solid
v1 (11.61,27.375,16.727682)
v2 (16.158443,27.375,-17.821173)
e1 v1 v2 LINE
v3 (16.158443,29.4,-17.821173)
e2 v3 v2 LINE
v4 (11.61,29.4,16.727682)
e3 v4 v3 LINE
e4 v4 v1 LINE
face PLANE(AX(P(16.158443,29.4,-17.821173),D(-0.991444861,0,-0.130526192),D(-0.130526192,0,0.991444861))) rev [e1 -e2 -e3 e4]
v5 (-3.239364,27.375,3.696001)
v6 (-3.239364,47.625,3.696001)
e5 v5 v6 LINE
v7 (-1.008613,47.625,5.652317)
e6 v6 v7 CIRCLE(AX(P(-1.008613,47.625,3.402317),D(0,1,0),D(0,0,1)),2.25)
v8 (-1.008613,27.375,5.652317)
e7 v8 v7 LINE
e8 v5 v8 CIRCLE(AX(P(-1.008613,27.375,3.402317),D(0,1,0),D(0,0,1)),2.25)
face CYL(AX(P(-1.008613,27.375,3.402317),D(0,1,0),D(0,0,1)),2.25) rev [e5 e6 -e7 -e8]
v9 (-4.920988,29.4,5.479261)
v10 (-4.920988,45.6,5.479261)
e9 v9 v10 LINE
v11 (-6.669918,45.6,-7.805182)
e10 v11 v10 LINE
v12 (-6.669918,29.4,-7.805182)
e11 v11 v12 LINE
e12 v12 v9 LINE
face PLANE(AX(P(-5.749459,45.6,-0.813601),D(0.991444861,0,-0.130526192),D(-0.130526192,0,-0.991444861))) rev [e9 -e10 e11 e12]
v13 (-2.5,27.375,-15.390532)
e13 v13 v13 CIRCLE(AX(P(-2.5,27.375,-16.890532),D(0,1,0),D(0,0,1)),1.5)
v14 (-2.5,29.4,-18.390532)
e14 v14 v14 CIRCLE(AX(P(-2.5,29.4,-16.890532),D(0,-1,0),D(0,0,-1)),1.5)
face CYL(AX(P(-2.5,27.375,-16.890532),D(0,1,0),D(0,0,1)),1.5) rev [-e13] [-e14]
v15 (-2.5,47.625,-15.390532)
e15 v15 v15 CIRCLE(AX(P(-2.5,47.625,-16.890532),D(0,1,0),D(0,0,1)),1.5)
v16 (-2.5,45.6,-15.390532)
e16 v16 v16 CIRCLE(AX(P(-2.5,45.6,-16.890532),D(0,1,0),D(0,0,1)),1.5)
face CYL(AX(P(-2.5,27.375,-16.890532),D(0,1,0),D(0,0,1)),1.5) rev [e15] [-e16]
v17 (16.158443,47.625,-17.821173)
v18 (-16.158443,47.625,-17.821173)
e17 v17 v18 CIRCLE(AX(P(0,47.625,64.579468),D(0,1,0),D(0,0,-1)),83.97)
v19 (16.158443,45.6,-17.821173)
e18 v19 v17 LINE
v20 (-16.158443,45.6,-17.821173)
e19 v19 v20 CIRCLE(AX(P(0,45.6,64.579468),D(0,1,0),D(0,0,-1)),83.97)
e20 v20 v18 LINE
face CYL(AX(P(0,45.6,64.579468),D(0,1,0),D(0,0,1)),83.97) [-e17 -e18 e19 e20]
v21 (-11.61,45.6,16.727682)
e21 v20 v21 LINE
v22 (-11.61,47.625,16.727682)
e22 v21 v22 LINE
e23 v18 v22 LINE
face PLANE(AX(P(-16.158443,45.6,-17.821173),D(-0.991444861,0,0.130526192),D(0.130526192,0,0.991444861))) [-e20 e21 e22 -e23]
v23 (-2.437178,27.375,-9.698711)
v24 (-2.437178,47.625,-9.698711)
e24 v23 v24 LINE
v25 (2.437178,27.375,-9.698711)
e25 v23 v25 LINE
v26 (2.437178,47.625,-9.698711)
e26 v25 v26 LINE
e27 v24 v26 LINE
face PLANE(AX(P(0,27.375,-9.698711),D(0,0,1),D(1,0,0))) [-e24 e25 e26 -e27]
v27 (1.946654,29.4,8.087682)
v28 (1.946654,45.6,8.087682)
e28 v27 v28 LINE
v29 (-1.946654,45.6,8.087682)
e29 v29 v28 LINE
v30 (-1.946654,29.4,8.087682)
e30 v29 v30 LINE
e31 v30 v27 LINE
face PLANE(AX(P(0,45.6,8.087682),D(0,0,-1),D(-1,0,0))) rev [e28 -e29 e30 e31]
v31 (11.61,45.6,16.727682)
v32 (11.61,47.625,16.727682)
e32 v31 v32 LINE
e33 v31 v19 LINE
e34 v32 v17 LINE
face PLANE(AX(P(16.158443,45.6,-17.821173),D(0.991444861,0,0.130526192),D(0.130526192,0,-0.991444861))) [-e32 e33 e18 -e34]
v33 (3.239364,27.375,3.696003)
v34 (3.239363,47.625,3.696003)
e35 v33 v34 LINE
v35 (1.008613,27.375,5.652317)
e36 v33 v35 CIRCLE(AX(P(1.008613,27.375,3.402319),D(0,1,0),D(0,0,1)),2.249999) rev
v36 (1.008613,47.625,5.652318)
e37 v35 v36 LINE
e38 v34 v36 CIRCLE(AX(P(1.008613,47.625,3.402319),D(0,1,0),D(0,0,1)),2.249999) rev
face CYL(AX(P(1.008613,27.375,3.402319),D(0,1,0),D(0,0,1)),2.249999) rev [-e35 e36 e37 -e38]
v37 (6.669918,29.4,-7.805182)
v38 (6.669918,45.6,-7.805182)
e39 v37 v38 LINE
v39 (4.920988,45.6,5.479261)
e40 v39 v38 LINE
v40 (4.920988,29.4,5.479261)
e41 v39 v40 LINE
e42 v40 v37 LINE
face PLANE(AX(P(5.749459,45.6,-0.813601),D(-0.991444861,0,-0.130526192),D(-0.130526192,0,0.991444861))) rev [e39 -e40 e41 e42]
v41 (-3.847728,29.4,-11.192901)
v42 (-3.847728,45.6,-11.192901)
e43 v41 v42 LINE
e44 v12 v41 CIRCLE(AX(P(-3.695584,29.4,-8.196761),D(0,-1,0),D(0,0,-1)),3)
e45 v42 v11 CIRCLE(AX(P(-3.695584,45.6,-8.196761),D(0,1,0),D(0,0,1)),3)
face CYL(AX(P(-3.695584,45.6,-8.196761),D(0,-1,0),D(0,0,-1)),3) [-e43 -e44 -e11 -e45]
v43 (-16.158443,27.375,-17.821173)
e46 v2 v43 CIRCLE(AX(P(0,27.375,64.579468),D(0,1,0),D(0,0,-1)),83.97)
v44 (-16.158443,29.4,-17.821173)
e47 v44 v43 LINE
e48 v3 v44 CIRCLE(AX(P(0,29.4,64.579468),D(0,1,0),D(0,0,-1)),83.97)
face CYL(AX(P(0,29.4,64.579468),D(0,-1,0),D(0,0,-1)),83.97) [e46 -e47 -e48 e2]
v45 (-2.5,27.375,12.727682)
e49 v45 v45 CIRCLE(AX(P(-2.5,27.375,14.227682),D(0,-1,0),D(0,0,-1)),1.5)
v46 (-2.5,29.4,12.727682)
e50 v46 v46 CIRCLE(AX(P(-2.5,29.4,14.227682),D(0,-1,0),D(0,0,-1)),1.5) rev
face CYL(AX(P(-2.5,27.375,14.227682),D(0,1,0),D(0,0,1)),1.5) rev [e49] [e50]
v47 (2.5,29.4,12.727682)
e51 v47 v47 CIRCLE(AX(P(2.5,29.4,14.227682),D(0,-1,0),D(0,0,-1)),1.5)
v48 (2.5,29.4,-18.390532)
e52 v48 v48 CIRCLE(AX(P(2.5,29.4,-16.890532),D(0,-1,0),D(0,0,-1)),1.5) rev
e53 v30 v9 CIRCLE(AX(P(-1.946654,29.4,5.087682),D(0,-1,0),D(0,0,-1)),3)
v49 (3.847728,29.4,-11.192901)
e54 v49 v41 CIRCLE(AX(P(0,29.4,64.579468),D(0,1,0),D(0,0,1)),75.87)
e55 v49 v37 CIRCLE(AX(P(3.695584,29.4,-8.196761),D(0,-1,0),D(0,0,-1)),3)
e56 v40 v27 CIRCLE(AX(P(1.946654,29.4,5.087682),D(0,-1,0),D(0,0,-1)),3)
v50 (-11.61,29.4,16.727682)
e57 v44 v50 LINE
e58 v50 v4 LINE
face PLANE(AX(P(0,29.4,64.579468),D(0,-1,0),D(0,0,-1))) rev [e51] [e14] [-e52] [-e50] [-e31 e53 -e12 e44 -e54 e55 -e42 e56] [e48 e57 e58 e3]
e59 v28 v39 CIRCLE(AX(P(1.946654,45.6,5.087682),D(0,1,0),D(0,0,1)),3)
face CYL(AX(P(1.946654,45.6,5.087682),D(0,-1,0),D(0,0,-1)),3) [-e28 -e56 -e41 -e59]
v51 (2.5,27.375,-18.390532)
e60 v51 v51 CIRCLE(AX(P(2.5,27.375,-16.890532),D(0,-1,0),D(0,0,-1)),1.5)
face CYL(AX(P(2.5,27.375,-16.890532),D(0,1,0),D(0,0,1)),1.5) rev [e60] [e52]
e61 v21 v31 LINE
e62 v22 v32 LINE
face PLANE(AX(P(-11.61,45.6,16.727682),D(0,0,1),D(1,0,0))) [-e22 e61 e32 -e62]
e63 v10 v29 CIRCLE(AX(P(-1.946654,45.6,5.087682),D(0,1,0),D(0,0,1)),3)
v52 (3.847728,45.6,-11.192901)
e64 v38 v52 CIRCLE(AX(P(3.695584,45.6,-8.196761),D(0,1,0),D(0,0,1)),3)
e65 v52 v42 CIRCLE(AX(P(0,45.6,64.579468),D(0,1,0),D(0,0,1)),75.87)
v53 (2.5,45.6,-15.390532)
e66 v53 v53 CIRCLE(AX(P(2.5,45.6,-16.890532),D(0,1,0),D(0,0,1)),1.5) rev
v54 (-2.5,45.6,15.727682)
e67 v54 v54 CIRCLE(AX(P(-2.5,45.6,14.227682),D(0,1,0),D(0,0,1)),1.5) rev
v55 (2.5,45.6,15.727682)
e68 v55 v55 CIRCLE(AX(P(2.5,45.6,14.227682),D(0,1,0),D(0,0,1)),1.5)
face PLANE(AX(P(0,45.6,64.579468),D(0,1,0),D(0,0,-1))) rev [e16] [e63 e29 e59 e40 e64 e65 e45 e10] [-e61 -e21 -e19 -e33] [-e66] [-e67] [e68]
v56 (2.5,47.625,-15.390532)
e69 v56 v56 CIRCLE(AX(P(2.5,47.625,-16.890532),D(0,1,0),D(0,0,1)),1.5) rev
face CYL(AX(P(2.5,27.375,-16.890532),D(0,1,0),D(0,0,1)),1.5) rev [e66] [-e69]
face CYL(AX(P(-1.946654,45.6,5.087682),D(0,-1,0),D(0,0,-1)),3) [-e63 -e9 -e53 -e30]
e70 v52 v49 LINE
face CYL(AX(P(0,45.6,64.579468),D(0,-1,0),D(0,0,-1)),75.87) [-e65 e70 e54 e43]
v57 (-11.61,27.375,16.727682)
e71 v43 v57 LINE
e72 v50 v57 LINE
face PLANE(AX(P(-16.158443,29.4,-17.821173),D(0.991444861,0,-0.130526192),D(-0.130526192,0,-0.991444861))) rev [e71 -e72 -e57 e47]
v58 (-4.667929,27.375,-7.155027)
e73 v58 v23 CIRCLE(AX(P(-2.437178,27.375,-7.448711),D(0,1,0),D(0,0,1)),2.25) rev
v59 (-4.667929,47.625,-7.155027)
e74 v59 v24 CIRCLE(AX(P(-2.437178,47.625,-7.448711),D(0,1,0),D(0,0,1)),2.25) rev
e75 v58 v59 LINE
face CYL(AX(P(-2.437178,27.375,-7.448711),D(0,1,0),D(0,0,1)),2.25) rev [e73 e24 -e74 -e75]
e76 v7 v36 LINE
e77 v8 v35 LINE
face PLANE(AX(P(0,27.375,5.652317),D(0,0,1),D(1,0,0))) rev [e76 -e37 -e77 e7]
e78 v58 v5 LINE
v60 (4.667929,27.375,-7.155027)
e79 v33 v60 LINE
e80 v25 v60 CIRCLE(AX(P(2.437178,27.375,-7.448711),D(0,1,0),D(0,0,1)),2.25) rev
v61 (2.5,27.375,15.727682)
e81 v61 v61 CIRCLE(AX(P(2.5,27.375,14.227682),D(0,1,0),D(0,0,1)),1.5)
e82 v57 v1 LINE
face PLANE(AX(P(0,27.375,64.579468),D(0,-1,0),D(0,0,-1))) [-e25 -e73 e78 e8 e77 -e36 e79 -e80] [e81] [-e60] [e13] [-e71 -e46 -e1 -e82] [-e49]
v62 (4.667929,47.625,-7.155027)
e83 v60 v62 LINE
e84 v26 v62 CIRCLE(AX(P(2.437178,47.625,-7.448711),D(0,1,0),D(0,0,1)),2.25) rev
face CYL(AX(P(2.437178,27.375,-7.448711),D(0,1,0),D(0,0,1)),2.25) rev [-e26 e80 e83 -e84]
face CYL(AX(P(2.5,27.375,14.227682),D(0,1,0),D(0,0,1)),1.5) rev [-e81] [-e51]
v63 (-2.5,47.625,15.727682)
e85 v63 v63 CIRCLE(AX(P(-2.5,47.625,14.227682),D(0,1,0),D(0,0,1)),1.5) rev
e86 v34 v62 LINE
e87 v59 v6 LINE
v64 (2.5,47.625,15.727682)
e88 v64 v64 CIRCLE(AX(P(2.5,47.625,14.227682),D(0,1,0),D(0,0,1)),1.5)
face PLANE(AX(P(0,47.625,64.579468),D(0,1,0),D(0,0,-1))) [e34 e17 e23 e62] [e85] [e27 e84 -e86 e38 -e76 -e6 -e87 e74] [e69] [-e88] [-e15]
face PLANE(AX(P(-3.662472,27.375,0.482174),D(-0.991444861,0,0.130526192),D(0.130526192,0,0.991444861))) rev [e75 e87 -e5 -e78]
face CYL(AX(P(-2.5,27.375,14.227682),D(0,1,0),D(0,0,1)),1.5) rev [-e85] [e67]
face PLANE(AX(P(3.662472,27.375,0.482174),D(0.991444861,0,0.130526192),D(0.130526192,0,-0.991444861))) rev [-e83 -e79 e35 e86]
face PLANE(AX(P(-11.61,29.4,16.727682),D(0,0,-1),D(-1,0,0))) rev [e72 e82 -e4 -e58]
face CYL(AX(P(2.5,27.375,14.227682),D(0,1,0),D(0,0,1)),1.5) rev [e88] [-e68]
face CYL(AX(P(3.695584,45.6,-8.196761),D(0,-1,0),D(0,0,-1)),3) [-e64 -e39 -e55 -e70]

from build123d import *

# Parameters (mm, degrees)
BOSS_EXTRUDE1_DEPTH     = 7.5
BOSS_EXTRUDE2_DEPTH     = 60
SCALE1_SCALE            = 0.27
FILLET1_R               = 3
CUT_EXTRUDE1_DEPTH      = 33.359704853
CUT_EXTRUDE1_DEPTH_BACK = 33.359704853
SKETCH3_R               = 1.5


with BuildPart() as part:
    # Sketch1 → Boss-Extrude1 (new body)
    with BuildSketch(Plane(origin=(0, 0, 0), x_dir=(1, 0, 0), z_dir=(0, 1, 0))):
        with BuildLine():
            Line((-59.846085345, 60.187558837), (-43, -67.771163202))
            Line((-43, -67.771163202), (43, -67.771163202))
            Line((43, -67.771163202), (59.846085345, 60.187558837))
            ThreePointArc((59.846085345, 60.187558837), (0, 66), (-59.846085345, 60.187558837))
        make_face()
    boss_extrude1 = extrude(amount=BOSS_EXTRUDE1_DEPTH)

    # Sketch2 → Boss-Extrude2 (add)
    with BuildSketch(Plane(origin=(0, 7.5, 0), x_dir=(1, 0, 0), z_dir=(0, 1, 0))):
        with BuildLine():
            Line((16.954011105, -35.771163202), (26.24120117, 34.772048928))
            ThreePointArc((26.24120117, 34.772048928), (0, 36), (-26.24120117, 34.772048928))
            Line((-26.24120117, 34.772048928), (-16.954011105, -35.771163202))
            Line((-16.954011105, -35.771163202), (16.954011105, -35.771163202))
        make_face()
    extrude(amount=BOSS_EXTRUDE2_DEPTH)

    # Mirror1: Boss-Extrude1 across plane
    add(boss_extrude1.mirror(Plane.ZX.offset(37.5)))


with BuildPart() as part_1:
    # Scale1: scaled about (0, 37.5, -2.151413181)
    add(part.part.scale(SCALE1_SCALE).moved(Location((0, 27.375, -1.570531622))))

    # Fillet1
    fillet1_edges = [part_1.edges().sort_by_distance(p)[0] for p in [
        (4.577582998, 37.5, 8.087682442),
        (7.085124316, 37.5, -10.958984833),
        (-7.085124316, 37.5, -10.958984833),
        (-4.577582998, 37.5, 8.087682442),
    ]]
    fillet(fillet1_edges, radius=FILLET1_R)

    # Sketch3 → Cut-Extrude1 (cut, two sides: drawn at the far end of the back side and taken through both)
    with BuildSketch(Plane(origin=(0, 47.625, 0), x_dir=(1, 0, 0), z_dir=(0, 1, 0)).offset(-CUT_EXTRUDE1_DEPTH_BACK)):
        with BuildLine():
            ThreePointArc((3.239363531, -3.696003073), (2.492140677, -5.093958707), (1.008612593, -5.65231697))
            Line((1.008612593, -5.65231697), (-1.008612593, -5.65231697))
            ThreePointArc((-1.008612593, -5.65231697), (-2.492140855, -5.093956631), (-3.239363817, -3.696000902))
            Line((-3.239363817, -3.696000902), (-4.667928785, 7.155027331))
            ThreePointArc((-4.667928785, 7.155027331), (-4.128817414, 8.932239348), (-2.437177847, 9.698711264))
            Line((-2.437177847, 9.698711264), (2.437177847, 9.698711264))
            ThreePointArc((2.437177847, 9.698711264), (4.128817414, 8.932239348), (4.667928785, 7.155027331))
            Line((4.667928785, 7.155027331), (3.239363531, -3.696003073))
        make_face()
        with Locations(Location((2.5, 16.890531622, 0), (0, 0, 270))):
            Circle(SKETCH3_R)
        with Locations(Location((-2.5, 16.890531622, 0), (0, 0, 270))):
            Circle(SKETCH3_R)
        with Locations(Location((-2.5, -14.227682443, 0), (0, 0, 270))):
            Circle(SKETCH3_R)
        with Locations(Location((2.5, -14.227682443, 0), (0, 0, 270))):
            Circle(SKETCH3_R)
    extrude(amount=CUT_EXTRUDE1_DEPTH + CUT_EXTRUDE1_DEPTH_BACK, mode=Mode.SUBTRACT)


solid = part_1.part
